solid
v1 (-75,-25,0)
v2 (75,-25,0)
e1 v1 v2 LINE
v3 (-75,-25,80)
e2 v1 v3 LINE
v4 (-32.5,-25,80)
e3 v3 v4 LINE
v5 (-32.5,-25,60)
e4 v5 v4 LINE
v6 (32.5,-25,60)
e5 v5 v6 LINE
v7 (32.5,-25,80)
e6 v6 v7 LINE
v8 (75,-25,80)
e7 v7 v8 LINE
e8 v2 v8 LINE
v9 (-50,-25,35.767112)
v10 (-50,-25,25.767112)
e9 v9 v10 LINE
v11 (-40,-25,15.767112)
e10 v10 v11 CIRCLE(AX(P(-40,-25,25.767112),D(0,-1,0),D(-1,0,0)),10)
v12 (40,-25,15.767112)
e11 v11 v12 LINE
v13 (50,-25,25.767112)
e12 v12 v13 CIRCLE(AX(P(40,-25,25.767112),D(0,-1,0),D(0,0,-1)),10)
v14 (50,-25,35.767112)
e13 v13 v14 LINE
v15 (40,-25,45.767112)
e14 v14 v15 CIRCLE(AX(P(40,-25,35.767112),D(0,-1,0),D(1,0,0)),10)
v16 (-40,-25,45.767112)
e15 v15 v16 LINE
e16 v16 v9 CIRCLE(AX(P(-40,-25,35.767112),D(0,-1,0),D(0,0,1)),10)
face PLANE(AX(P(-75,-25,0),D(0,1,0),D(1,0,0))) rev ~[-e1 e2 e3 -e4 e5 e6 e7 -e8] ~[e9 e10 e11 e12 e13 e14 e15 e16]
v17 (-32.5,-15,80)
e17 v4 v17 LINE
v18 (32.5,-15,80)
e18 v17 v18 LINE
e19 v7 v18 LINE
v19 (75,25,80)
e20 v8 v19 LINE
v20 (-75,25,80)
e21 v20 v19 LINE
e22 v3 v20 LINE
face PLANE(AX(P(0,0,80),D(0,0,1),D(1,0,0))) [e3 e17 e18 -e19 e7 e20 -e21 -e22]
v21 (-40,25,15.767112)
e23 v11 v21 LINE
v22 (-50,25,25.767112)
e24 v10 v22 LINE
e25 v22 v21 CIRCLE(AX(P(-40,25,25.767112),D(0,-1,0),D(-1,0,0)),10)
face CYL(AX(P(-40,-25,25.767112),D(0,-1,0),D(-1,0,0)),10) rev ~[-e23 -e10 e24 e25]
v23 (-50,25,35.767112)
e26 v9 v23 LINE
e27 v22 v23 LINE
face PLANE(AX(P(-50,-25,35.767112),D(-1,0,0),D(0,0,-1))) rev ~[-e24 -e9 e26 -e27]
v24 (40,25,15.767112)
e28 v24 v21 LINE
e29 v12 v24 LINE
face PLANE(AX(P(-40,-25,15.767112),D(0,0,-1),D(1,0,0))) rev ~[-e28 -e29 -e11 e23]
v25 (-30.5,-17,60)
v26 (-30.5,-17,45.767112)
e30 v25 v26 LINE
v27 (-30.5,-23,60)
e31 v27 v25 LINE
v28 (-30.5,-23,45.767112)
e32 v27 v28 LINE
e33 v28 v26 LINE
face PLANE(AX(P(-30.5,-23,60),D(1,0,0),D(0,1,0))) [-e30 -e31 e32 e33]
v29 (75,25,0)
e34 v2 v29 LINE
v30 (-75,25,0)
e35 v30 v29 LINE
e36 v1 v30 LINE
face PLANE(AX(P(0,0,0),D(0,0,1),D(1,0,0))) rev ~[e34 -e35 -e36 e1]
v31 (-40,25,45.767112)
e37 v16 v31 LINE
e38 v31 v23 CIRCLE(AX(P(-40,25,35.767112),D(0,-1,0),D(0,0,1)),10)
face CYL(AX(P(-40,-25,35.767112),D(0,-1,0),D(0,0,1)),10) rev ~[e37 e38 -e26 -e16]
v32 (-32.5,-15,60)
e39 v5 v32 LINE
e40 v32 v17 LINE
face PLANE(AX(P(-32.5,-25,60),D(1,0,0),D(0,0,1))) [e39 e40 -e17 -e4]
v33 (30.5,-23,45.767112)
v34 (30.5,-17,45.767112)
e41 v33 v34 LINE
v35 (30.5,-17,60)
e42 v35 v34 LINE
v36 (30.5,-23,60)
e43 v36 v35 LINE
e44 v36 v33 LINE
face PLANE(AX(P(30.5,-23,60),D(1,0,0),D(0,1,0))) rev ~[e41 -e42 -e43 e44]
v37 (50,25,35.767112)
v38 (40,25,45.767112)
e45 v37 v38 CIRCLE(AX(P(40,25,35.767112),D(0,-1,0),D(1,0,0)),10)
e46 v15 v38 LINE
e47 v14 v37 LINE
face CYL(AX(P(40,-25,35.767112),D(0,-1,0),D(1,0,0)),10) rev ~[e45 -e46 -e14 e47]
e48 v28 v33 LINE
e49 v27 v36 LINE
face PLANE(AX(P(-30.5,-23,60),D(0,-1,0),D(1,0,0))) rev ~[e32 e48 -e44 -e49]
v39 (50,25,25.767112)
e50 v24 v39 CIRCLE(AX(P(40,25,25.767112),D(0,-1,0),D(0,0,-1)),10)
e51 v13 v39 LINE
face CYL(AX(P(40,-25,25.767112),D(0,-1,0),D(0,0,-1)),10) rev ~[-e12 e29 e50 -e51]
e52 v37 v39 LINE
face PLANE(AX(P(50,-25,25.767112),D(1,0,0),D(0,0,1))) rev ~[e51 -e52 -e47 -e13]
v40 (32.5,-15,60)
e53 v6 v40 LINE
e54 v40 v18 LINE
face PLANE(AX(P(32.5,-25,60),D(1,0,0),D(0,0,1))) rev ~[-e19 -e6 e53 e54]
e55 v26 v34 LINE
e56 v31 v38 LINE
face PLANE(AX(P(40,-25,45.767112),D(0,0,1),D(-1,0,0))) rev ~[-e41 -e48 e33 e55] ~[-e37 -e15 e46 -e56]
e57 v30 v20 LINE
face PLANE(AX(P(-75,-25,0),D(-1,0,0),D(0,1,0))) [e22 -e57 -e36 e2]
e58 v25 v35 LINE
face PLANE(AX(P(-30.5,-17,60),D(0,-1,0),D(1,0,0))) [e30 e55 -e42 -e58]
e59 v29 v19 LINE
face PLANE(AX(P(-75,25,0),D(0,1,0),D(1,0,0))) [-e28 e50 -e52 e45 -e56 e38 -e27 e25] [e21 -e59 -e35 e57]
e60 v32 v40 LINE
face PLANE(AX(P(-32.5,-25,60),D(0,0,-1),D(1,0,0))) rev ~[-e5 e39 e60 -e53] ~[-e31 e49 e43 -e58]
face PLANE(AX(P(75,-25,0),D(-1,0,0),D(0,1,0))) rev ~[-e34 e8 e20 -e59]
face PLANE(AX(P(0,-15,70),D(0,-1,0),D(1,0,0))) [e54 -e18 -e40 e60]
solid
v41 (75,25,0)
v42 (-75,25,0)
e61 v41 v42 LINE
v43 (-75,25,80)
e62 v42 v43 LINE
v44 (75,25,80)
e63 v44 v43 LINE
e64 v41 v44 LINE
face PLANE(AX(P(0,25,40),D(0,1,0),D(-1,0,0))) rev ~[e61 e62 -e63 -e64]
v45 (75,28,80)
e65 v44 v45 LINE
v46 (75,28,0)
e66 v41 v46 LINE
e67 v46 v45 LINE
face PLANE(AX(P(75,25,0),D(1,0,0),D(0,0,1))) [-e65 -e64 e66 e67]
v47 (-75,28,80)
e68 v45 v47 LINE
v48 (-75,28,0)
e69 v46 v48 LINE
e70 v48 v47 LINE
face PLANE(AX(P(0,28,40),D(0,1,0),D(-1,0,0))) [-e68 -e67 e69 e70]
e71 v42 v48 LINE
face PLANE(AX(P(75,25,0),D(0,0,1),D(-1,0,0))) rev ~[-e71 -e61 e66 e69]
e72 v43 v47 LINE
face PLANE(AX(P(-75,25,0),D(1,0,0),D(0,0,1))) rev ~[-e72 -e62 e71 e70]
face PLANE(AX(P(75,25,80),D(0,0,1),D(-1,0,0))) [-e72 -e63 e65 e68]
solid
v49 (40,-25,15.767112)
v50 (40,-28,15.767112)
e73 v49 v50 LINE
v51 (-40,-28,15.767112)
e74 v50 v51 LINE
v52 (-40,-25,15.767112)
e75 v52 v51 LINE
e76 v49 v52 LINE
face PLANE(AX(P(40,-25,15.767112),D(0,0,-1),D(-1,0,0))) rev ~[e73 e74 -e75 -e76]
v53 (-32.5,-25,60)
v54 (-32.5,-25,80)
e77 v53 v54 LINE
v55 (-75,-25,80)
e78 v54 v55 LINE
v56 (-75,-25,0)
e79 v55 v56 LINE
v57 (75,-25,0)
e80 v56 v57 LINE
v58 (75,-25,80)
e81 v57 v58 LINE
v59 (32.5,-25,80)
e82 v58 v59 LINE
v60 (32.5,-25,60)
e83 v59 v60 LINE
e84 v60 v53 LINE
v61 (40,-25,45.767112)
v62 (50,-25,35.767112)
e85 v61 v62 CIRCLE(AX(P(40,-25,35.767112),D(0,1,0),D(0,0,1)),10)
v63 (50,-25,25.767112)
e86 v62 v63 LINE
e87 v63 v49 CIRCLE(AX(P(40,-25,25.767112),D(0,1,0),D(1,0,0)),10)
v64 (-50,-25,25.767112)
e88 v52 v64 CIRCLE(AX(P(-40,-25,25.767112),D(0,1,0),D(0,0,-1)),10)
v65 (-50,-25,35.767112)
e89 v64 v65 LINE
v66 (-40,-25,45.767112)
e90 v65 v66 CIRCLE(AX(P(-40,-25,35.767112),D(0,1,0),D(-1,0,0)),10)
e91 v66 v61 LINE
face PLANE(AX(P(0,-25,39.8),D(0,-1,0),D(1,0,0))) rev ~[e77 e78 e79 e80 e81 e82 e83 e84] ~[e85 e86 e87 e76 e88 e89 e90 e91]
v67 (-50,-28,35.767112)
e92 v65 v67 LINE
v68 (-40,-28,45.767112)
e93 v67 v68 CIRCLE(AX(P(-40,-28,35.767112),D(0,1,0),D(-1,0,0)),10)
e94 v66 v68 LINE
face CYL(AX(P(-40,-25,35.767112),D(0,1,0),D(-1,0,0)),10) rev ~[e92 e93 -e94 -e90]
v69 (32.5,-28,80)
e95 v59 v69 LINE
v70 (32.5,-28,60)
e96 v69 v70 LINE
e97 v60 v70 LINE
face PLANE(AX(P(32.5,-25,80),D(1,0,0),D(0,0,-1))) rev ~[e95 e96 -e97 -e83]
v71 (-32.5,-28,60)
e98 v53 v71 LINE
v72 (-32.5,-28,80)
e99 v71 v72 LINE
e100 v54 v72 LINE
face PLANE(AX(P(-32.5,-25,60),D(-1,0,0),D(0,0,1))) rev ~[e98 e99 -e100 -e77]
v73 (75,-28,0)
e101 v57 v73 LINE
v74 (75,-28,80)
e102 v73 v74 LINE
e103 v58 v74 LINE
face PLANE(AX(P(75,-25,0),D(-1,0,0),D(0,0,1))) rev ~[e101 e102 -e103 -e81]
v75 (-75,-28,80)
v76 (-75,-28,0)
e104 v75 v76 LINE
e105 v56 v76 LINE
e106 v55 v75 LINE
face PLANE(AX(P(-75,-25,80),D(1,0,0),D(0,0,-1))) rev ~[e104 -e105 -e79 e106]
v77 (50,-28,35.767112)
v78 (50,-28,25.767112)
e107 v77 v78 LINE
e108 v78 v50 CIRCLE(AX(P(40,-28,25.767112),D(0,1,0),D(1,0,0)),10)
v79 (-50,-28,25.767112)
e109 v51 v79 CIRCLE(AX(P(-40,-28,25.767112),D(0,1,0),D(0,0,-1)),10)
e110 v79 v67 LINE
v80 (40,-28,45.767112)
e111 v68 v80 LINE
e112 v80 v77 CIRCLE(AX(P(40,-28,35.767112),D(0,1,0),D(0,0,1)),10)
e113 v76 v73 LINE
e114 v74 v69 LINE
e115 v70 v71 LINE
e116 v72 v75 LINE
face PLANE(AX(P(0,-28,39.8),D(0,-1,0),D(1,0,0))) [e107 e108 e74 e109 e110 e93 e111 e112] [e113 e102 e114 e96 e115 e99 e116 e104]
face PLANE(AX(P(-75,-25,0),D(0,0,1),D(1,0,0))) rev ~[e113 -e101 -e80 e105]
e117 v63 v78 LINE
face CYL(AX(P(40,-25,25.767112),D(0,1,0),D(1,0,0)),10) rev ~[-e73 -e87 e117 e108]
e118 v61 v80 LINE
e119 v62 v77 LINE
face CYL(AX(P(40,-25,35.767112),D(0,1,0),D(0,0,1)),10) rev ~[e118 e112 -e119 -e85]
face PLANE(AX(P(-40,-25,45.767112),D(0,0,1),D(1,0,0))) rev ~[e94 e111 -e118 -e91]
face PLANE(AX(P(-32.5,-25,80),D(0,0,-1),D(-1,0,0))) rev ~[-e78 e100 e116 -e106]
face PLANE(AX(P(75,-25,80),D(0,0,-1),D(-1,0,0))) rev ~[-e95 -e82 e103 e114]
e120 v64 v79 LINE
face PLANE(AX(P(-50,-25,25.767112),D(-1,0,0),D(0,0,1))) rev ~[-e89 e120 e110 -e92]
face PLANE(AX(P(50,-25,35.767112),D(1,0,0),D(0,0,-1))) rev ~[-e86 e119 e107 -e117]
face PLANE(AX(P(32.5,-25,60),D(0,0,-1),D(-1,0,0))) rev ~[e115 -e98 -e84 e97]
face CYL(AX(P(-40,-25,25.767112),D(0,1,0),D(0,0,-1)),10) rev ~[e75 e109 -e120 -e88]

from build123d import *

# Parameters (mm, degrees)
F0_W      = 150
F0_H      = 50
F1_DEPTH  = 80
F2_W      = 65
F2_H      = 20
F3_DEPTH  = 10
F5_DEPTH  = 67.4
F6_W      = 61
F6_H      = 6
F7_DEPTH  = 25
F9_DEPTH  = 3
F10_W     = 150
F10_H     = 80
F11_DEPTH = 3


with BuildPart() as f1:
    # F0 (on Top) → F1 (new body)
    with BuildSketch(Plane.XY):
        Rectangle(F0_W, F0_H)
    extrude(amount=F1_DEPTH)

    # F2 (on face) → F3 (cut)
    with BuildSketch(Plane.XZ.offset(25)):
        with Locations((0, 70)):
            Rectangle(F2_W, F2_H)
    extrude(amount=-F3_DEPTH, mode=Mode.SUBTRACT)

    # F4 (on face) → F5 (cut)
    with BuildSketch(Plane.XZ.offset(25)):
        with BuildLine():
            Line((40, 45.7671124575), (-40, 45.7671124575))
            ThreePointArc((-40, 45.7671124575), (-47.0710678119, 42.8381802693), (-50, 35.7671124575))
            Line((-50, 35.7671124575), (-50, 25.7671124575))
            ThreePointArc((-50, 25.7671124575), (-47.0710678119, 18.6960446456), (-40, 15.7671124575))
            Line((-40, 15.7671124575), (40, 15.7671124575))
            ThreePointArc((40, 15.7671124575), (47.0710678119, 18.6960446456), (50, 25.7671124575))
            Line((50, 25.7671124575), (50, 35.7671124575))
            ThreePointArc((50, 35.7671124575), (47.0710678119, 42.8381802693), (40, 45.7671124575))
        make_face()
    extrude(amount=-F5_DEPTH, mode=Mode.SUBTRACT)

    # F6 (on face) → F7 (cut)
    with BuildSketch(Plane.XY.offset(60)):
        with Locations((0, -20)):
            Rectangle(F6_W, F6_H)
    extrude(amount=-F7_DEPTH, mode=Mode.SUBTRACT)


with BuildPart() as f9:
    # F8 (on face) → F9 (new body)
    with BuildSketch(Plane.XZ.offset(25)):
        Polygon((-32.5, 80), (-75, 80), (-75, 0), (75, 0), (75, 80), (32.5, 80), (32.5, 60), (-32.5, 60), align=None)
        with BuildLine():
            ThreePointArc((-50, 35.7671124575), (-47.0710678119, 42.8381802693), (-40, 45.7671124575))
            Line((-40, 45.7671124575), (40, 45.7671124575))
            ThreePointArc((40, 45.7671124575), (47.0710678119, 42.8381802693), (50, 35.7671124575))
            Line((50, 35.7671124575), (50, 25.7671124575))
            ThreePointArc((50, 25.7671124575), (47.0710678119, 18.6960446456), (40, 15.7671124575))
            Line((40, 15.7671124575), (-40, 15.7671124575))
            ThreePointArc((-40, 15.7671124575), (-47.0710678119, 18.6960446456), (-50, 25.7671124575))
            Line((-50, 25.7671124575), (-50, 35.7671124575))
        make_face(mode=Mode.SUBTRACT)
    extrude(amount=F9_DEPTH)


with BuildPart() as f11:
    # F10 (on face) → F11 (new body)
    with BuildSketch(Plane(origin=(0, 25, 0), x_dir=(-1, 0, 0), z_dir=(0, 1, 0))):
        with Locations((0, 40)):
            Rectangle(F10_W, F10_H)
    extrude(amount=F11_DEPTH)


solid = Compound([f1.part, f9.part, f11.part])
